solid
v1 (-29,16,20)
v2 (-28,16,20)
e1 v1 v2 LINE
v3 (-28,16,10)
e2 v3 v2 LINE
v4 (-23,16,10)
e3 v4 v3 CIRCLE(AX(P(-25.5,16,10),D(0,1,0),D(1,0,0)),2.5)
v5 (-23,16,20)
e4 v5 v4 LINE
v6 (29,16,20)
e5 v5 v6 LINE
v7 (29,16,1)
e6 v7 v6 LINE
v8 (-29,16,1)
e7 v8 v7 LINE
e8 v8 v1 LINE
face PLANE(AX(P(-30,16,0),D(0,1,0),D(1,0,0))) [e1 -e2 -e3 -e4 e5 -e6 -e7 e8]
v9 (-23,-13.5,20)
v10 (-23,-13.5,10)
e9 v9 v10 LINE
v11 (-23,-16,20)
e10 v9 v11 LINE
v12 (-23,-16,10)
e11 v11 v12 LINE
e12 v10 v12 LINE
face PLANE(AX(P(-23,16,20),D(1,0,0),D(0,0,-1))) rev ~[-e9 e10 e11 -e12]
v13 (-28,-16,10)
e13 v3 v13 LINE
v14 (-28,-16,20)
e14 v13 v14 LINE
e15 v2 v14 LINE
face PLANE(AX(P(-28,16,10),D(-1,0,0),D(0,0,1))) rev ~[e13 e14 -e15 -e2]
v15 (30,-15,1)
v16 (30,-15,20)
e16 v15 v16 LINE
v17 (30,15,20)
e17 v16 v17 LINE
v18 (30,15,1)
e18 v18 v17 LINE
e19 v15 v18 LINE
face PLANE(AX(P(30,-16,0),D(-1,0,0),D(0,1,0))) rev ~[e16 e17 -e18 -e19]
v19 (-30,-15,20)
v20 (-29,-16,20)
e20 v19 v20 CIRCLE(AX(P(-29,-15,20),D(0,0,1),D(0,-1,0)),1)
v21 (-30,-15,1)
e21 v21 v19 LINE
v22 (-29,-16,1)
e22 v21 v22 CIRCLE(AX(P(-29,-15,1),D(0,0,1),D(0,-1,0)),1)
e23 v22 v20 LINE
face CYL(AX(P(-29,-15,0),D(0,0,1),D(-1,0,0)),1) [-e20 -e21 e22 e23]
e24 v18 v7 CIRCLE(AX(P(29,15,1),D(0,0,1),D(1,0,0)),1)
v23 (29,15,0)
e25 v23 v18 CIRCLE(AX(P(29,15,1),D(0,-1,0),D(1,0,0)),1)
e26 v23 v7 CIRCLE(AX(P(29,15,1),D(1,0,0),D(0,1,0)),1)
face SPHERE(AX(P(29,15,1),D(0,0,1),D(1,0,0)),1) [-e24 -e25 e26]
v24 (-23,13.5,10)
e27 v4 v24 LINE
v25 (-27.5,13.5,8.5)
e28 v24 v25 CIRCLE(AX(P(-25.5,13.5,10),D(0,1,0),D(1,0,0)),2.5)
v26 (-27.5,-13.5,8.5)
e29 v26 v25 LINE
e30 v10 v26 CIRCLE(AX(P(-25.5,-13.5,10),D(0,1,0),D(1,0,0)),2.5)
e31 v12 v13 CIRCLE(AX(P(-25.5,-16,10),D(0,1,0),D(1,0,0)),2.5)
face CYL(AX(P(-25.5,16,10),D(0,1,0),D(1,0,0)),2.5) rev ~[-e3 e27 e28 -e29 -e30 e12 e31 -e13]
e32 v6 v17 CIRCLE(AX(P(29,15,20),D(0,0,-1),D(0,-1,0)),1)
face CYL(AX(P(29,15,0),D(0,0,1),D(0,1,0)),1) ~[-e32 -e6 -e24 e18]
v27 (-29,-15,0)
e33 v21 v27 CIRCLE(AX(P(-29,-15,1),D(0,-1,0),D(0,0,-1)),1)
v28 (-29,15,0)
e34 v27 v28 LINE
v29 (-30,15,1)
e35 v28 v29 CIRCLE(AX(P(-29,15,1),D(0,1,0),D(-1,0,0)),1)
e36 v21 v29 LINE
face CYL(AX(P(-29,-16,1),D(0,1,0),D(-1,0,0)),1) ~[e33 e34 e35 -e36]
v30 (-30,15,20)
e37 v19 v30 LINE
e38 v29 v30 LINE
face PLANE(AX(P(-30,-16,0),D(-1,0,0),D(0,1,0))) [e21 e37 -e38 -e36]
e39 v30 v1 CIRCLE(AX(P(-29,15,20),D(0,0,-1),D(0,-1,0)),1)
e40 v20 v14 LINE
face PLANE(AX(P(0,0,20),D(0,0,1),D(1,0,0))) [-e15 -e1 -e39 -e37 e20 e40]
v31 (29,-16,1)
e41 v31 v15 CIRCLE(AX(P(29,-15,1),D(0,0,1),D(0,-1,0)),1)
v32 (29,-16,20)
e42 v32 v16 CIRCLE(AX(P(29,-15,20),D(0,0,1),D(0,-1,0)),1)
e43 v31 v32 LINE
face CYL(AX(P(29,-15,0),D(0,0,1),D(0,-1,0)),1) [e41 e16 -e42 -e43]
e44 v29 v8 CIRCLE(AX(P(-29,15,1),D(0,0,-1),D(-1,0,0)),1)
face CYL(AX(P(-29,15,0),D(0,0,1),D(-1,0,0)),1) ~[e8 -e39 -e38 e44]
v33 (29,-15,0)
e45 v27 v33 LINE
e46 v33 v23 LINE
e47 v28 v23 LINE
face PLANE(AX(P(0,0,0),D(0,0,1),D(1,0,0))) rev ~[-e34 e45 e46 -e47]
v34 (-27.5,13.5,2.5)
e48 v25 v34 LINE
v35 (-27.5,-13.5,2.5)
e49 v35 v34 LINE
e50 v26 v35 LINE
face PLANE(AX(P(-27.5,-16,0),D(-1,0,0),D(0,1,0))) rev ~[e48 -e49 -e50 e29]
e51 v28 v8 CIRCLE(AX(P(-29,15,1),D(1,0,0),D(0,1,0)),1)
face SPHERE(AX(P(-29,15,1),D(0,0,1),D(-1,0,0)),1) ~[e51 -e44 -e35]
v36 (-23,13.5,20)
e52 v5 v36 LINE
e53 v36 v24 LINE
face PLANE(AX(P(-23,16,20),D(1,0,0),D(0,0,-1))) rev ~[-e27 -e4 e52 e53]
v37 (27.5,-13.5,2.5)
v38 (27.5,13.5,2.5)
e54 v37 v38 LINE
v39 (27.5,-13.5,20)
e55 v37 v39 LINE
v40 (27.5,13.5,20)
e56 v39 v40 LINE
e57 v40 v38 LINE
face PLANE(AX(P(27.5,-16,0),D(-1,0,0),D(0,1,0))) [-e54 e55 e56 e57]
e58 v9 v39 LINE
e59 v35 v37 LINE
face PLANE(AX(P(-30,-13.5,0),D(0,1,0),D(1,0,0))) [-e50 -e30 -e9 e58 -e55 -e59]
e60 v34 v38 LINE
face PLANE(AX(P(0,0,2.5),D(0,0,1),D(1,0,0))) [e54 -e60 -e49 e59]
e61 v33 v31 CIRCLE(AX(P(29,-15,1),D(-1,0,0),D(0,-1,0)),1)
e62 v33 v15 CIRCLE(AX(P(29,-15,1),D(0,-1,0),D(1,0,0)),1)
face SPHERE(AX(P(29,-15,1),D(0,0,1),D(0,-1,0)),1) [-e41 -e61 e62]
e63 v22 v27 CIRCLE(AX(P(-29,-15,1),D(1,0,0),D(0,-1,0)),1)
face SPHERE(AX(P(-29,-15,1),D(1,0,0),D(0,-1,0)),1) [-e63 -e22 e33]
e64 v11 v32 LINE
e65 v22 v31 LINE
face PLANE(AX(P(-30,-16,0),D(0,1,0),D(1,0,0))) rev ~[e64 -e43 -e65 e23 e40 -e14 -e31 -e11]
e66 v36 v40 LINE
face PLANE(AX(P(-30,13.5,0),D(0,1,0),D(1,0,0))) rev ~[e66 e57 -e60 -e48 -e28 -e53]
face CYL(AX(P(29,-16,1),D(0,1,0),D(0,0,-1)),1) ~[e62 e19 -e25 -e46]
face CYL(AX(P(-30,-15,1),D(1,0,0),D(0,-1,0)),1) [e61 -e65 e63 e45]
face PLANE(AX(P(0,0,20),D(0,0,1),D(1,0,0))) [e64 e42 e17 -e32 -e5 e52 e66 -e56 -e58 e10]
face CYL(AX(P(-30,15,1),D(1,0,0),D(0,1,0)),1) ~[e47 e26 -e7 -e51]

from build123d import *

# Parameters (mm, degrees)
F0_W     = 60
F0_H     = 32
F1_DEPTH = 20
F2_T     = -2.5
F4_DEPTH = 32.001
F5_R     = 1


with BuildPart() as f1:
    # F0 (on Top) → F1 (new body)
    with BuildSketch(Plane.XY):
        Rectangle(F0_W, F0_H)
    extrude(amount=F1_DEPTH)

    # F2
    f2_openings = [f1.faces().sort_by_distance(p)[0] for p in [
        (0, 0, 20),
    ]]
    offset(amount=F2_T, openings=f2_openings)

    # F3 (on face) → F4 (cut, through all)
    with BuildSketch(Plane(origin=(0, 16, 0), x_dir=(-1, 0, 0), z_dir=(0, 1, 0))):
        with BuildLine():
            Line((23, 20), (23, 10))
            ThreePointArc((23, 10), (25.5, 7.5), (28, 10))
            Line((28, 10), (28, 20))
            Line((28, 20), (23, 20))
        make_face()
    extrude(amount=-F4_DEPTH, mode=Mode.SUBTRACT)

    # F5
    f5_edges = [f1.edges().sort_by_distance(p)[0] for p in [
        (30, -16, 10),
        (0, -16, 0),
        (30, 16, 10),
        (30, 0, 0),
        (-30, -16, 10),
        (-30, 16, 10),
        (-30, 0, 0),
        (0, 16, 0),
    ]]
    fillet(f5_edges, radius=F5_R)


solid = f1.part
